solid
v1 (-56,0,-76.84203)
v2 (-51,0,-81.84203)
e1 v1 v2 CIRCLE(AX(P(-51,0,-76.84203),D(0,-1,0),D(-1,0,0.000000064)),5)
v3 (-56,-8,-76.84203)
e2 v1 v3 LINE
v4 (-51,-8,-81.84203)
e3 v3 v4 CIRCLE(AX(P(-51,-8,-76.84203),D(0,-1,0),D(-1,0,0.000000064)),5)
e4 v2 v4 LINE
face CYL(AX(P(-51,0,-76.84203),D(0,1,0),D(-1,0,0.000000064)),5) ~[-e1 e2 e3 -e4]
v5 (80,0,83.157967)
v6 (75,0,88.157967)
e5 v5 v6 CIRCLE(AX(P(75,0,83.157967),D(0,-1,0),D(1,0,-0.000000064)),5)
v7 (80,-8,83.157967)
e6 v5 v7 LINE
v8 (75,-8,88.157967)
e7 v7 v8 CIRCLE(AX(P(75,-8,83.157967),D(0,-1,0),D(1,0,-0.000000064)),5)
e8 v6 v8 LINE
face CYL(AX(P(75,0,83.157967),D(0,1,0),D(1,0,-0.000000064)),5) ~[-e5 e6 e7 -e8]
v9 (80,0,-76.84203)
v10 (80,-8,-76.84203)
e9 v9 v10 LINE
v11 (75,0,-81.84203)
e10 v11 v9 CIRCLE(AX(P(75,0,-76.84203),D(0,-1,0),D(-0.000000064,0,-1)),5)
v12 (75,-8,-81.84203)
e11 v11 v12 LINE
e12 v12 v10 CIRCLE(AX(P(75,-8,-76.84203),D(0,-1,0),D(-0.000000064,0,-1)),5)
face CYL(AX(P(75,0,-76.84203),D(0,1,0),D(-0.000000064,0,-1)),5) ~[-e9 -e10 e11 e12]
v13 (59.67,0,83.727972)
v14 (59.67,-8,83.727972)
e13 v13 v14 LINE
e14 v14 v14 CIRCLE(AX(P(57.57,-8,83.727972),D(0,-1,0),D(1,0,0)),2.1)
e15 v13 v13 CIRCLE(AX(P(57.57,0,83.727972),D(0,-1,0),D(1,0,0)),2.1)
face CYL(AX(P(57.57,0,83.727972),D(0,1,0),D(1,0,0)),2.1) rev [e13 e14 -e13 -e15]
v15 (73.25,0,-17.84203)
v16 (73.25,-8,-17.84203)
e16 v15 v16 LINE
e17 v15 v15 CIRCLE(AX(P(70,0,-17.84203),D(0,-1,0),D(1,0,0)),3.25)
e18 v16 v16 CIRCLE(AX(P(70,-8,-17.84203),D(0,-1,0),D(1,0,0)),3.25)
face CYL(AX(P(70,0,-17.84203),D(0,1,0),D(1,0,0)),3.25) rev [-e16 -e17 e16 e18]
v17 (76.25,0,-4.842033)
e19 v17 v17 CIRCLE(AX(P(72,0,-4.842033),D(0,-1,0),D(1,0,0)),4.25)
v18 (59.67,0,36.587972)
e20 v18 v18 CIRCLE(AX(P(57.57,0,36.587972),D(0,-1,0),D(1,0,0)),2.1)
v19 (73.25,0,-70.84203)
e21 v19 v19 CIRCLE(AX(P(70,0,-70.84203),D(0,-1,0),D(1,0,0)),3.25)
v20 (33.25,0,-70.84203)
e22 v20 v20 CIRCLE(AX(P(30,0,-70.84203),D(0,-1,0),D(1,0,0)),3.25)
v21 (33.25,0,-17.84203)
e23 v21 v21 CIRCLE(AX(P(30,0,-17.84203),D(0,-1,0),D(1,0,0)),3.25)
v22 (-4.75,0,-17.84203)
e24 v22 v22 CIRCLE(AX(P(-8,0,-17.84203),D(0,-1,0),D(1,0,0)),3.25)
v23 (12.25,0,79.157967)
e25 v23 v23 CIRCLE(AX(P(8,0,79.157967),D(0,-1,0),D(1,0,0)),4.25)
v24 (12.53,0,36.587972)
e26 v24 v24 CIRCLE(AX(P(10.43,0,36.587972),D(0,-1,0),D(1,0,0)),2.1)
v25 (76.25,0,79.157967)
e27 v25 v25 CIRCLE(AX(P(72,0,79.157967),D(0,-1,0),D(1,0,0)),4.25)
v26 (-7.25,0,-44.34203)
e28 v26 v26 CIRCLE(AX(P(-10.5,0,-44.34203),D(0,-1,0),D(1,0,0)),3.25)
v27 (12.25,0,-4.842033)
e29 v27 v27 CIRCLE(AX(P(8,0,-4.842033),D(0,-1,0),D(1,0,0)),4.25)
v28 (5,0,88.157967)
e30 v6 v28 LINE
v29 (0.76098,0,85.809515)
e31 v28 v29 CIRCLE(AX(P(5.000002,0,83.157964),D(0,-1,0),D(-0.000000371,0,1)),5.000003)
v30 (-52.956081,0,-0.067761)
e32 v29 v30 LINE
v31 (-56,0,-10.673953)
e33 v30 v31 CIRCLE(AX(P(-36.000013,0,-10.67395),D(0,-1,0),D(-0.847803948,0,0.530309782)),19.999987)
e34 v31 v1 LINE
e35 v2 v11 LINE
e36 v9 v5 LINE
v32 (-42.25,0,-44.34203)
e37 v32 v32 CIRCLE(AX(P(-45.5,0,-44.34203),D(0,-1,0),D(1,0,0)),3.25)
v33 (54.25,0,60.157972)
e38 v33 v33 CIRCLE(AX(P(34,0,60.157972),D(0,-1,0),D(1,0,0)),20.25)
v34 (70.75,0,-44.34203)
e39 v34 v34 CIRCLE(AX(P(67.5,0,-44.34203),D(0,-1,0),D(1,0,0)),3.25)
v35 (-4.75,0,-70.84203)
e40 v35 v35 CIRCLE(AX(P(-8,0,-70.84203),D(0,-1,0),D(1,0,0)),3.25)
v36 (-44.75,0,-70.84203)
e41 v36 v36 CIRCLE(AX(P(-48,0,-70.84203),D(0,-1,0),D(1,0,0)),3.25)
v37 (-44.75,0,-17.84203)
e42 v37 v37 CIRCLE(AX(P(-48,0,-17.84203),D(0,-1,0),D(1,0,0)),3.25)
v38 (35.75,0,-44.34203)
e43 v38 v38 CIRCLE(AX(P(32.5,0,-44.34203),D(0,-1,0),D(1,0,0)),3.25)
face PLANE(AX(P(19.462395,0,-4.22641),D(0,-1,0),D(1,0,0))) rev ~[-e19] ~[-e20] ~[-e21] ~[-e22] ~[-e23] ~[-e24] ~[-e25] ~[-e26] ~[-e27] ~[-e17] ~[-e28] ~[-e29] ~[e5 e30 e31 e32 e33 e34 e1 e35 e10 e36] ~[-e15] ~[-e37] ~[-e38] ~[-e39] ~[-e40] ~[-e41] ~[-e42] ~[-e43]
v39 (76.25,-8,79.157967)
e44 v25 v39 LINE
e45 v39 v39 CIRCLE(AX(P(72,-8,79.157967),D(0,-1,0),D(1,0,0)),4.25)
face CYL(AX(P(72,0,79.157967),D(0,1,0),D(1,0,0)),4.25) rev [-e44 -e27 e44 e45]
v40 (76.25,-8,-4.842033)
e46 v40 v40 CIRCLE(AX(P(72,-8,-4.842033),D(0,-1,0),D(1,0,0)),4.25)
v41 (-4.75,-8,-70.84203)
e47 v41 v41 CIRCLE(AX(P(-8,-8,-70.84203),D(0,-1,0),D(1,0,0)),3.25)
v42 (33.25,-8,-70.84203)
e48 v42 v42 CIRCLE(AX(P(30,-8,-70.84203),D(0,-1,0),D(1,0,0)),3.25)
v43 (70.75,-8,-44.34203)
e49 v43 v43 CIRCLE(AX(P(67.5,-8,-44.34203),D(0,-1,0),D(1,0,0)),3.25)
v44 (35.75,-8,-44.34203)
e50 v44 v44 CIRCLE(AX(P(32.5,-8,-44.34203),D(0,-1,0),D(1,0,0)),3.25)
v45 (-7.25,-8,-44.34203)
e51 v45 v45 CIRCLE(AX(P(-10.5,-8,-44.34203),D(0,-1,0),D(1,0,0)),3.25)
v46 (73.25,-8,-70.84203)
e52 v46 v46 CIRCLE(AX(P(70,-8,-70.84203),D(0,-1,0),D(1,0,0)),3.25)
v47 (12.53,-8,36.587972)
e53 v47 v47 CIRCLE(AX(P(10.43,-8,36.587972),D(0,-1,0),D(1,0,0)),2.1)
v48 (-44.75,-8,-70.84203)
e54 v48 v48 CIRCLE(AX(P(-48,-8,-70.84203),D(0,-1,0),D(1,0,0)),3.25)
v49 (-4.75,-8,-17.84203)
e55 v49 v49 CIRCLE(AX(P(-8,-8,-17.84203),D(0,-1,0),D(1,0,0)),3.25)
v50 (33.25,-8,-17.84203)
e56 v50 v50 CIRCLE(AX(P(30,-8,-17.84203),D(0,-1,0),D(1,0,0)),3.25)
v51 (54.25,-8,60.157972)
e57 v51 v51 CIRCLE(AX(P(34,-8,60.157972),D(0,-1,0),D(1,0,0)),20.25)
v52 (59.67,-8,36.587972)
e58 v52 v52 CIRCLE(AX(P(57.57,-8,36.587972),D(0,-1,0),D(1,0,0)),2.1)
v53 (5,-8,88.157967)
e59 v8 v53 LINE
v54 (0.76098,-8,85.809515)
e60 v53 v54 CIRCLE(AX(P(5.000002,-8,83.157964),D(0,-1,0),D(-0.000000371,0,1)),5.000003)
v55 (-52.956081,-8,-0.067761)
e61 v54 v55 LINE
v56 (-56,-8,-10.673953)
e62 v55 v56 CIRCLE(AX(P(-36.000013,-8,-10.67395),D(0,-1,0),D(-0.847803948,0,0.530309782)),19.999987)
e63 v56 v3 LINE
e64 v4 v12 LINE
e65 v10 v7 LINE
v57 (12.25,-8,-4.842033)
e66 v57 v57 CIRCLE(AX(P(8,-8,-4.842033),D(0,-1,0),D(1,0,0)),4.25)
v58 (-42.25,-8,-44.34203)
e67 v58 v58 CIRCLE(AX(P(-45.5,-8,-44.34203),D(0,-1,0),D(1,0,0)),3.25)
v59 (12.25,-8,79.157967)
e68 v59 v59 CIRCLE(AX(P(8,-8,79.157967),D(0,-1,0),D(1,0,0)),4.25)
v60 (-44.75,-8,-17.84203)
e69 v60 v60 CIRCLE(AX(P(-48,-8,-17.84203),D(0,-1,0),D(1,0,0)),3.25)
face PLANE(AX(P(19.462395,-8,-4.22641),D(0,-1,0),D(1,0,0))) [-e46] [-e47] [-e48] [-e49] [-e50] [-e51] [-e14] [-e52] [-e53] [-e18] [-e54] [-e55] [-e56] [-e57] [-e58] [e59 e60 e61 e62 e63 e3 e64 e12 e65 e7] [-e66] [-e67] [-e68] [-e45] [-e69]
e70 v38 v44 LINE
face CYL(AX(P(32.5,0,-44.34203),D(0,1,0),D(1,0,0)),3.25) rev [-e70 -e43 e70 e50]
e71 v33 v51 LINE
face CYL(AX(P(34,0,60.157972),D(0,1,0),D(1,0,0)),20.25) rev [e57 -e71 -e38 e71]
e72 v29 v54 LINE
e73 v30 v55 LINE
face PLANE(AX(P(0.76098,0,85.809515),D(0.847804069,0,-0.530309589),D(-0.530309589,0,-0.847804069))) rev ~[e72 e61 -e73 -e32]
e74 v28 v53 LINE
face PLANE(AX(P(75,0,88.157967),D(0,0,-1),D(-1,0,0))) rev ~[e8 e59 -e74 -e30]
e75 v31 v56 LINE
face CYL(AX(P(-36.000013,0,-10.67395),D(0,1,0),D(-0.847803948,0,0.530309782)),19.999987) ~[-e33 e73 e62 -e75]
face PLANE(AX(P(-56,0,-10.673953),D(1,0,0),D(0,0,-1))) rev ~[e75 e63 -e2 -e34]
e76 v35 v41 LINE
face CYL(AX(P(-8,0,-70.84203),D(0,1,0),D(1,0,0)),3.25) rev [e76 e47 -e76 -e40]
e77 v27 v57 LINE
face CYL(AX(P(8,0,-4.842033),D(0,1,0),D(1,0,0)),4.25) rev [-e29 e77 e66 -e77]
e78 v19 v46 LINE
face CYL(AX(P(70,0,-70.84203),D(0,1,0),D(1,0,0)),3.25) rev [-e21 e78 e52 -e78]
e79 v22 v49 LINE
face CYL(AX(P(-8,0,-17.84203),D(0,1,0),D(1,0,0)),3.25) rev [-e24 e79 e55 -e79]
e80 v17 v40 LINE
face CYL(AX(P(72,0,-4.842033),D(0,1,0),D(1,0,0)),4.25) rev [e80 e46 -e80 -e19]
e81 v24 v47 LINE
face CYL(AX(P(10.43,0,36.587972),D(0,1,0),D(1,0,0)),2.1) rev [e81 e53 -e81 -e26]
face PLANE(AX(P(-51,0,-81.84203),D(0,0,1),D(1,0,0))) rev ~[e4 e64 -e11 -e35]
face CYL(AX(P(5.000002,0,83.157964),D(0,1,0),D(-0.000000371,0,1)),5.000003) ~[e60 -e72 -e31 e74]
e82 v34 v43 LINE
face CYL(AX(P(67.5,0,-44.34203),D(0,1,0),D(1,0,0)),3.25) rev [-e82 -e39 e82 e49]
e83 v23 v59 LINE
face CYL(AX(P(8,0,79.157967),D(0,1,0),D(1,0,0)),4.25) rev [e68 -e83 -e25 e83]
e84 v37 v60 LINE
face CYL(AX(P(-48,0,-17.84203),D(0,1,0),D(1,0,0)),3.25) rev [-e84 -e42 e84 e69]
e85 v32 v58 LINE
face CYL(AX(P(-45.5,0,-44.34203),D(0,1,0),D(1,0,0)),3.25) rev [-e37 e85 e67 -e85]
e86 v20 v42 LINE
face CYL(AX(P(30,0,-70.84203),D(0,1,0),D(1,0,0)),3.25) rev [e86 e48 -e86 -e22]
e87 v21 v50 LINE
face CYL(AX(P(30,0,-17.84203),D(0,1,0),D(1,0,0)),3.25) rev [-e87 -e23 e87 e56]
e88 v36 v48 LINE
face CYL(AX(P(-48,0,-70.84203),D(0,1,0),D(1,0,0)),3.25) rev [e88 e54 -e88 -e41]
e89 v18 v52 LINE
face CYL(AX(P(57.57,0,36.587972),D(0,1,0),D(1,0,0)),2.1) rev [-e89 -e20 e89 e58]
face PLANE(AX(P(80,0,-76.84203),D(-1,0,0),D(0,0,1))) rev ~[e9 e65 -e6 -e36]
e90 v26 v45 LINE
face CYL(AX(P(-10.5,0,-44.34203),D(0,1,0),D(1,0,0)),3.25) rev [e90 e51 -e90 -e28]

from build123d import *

# Parameters (mm, degrees)
F0_R     = 3.25
F0_R_2   = 4.25
F0_R_3   = 2.1
F0_R_4   = 20.25
F1_DEPTH = 8


with BuildPart() as f1:
    # F0 (on Front) → F1 (new body)
    with BuildSketch(Plane.XZ):
        with BuildLine():
            Line((-51, -81.84203), (75, -81.84203))
            ThreePointArc((75, -81.84203), (78.535534, -80.377564), (80, -76.84203))
            Line((80, -76.84203), (80, 83.157967))
            ThreePointArc((80, 83.157967), (78.535534, 86.693501), (75, 88.157967))
            Line((75, 88.157967), (66, 88.157967))
            Line((66, 88.157967), (14, 88.157967))
            Line((14, 88.157967), (5, 88.157967))
            ThreePointArc((5, 88.157967), (2.576959, 87.531623), (0.76098, 85.809515))
            Line((0.76098, 85.809515), (-52.956081, -0.067761))
            ThreePointArc((-52.956081, -0.067761), (-55.223965, -5.156781), (-56, -10.673953))
            Line((-56, -10.673953), (-56, -76.84203))
            ThreePointArc((-56, -76.84203), (-54.535534, -80.377564), (-51, -81.84203))
        make_face()
        with Locations((-48, -70.84203)):
            Circle(F0_R, mode=Mode.SUBTRACT)
        with Locations((-45.5, -44.34203)):
            Circle(F0_R, mode=Mode.SUBTRACT)
        with Locations((-8, -70.84203)):
            Circle(F0_R, mode=Mode.SUBTRACT)
        with Locations((-10.5, -44.34203)):
            Circle(F0_R, mode=Mode.SUBTRACT)
        with Locations((-48, -17.84203)):
            Circle(F0_R, mode=Mode.SUBTRACT)
        with Locations((-8, -17.84203)):
            Circle(F0_R, mode=Mode.SUBTRACT)
        with Locations((8, -4.842033)):
            Circle(F0_R_2, mode=Mode.SUBTRACT)
        with Locations((30, -70.84203)):
            Circle(F0_R, mode=Mode.SUBTRACT)
        with Locations((32.5, -44.34203)):
            Circle(F0_R, mode=Mode.SUBTRACT)
        with Locations((70, -70.84203)):
            Circle(F0_R, mode=Mode.SUBTRACT)
        with Locations((67.5, -44.34203)):
            Circle(F0_R, mode=Mode.SUBTRACT)
        with Locations((30, -17.84203)):
            Circle(F0_R, mode=Mode.SUBTRACT)
        with Locations((70, -17.84203)):
            Circle(F0_R, mode=Mode.SUBTRACT)
        with Locations((72, -4.842033)):
            Circle(F0_R_2, mode=Mode.SUBTRACT)
        with Locations((10.43, 36.587972)):
            Circle(F0_R_3, mode=Mode.SUBTRACT)
        with Locations((8, 79.157967)):
            Circle(F0_R_2, mode=Mode.SUBTRACT)
        with Locations((57.57, 36.587972)):
            Circle(F0_R_3, mode=Mode.SUBTRACT)
        with Locations((34, 60.157972)):
            Circle(F0_R_4, mode=Mode.SUBTRACT)
        with Locations((57.57, 83.727972)):
            Circle(F0_R_3, mode=Mode.SUBTRACT)
        with Locations((72, 79.157967)):
            Circle(F0_R_2, mode=Mode.SUBTRACT)
    extrude(amount=F1_DEPTH)


solid = f1.part
